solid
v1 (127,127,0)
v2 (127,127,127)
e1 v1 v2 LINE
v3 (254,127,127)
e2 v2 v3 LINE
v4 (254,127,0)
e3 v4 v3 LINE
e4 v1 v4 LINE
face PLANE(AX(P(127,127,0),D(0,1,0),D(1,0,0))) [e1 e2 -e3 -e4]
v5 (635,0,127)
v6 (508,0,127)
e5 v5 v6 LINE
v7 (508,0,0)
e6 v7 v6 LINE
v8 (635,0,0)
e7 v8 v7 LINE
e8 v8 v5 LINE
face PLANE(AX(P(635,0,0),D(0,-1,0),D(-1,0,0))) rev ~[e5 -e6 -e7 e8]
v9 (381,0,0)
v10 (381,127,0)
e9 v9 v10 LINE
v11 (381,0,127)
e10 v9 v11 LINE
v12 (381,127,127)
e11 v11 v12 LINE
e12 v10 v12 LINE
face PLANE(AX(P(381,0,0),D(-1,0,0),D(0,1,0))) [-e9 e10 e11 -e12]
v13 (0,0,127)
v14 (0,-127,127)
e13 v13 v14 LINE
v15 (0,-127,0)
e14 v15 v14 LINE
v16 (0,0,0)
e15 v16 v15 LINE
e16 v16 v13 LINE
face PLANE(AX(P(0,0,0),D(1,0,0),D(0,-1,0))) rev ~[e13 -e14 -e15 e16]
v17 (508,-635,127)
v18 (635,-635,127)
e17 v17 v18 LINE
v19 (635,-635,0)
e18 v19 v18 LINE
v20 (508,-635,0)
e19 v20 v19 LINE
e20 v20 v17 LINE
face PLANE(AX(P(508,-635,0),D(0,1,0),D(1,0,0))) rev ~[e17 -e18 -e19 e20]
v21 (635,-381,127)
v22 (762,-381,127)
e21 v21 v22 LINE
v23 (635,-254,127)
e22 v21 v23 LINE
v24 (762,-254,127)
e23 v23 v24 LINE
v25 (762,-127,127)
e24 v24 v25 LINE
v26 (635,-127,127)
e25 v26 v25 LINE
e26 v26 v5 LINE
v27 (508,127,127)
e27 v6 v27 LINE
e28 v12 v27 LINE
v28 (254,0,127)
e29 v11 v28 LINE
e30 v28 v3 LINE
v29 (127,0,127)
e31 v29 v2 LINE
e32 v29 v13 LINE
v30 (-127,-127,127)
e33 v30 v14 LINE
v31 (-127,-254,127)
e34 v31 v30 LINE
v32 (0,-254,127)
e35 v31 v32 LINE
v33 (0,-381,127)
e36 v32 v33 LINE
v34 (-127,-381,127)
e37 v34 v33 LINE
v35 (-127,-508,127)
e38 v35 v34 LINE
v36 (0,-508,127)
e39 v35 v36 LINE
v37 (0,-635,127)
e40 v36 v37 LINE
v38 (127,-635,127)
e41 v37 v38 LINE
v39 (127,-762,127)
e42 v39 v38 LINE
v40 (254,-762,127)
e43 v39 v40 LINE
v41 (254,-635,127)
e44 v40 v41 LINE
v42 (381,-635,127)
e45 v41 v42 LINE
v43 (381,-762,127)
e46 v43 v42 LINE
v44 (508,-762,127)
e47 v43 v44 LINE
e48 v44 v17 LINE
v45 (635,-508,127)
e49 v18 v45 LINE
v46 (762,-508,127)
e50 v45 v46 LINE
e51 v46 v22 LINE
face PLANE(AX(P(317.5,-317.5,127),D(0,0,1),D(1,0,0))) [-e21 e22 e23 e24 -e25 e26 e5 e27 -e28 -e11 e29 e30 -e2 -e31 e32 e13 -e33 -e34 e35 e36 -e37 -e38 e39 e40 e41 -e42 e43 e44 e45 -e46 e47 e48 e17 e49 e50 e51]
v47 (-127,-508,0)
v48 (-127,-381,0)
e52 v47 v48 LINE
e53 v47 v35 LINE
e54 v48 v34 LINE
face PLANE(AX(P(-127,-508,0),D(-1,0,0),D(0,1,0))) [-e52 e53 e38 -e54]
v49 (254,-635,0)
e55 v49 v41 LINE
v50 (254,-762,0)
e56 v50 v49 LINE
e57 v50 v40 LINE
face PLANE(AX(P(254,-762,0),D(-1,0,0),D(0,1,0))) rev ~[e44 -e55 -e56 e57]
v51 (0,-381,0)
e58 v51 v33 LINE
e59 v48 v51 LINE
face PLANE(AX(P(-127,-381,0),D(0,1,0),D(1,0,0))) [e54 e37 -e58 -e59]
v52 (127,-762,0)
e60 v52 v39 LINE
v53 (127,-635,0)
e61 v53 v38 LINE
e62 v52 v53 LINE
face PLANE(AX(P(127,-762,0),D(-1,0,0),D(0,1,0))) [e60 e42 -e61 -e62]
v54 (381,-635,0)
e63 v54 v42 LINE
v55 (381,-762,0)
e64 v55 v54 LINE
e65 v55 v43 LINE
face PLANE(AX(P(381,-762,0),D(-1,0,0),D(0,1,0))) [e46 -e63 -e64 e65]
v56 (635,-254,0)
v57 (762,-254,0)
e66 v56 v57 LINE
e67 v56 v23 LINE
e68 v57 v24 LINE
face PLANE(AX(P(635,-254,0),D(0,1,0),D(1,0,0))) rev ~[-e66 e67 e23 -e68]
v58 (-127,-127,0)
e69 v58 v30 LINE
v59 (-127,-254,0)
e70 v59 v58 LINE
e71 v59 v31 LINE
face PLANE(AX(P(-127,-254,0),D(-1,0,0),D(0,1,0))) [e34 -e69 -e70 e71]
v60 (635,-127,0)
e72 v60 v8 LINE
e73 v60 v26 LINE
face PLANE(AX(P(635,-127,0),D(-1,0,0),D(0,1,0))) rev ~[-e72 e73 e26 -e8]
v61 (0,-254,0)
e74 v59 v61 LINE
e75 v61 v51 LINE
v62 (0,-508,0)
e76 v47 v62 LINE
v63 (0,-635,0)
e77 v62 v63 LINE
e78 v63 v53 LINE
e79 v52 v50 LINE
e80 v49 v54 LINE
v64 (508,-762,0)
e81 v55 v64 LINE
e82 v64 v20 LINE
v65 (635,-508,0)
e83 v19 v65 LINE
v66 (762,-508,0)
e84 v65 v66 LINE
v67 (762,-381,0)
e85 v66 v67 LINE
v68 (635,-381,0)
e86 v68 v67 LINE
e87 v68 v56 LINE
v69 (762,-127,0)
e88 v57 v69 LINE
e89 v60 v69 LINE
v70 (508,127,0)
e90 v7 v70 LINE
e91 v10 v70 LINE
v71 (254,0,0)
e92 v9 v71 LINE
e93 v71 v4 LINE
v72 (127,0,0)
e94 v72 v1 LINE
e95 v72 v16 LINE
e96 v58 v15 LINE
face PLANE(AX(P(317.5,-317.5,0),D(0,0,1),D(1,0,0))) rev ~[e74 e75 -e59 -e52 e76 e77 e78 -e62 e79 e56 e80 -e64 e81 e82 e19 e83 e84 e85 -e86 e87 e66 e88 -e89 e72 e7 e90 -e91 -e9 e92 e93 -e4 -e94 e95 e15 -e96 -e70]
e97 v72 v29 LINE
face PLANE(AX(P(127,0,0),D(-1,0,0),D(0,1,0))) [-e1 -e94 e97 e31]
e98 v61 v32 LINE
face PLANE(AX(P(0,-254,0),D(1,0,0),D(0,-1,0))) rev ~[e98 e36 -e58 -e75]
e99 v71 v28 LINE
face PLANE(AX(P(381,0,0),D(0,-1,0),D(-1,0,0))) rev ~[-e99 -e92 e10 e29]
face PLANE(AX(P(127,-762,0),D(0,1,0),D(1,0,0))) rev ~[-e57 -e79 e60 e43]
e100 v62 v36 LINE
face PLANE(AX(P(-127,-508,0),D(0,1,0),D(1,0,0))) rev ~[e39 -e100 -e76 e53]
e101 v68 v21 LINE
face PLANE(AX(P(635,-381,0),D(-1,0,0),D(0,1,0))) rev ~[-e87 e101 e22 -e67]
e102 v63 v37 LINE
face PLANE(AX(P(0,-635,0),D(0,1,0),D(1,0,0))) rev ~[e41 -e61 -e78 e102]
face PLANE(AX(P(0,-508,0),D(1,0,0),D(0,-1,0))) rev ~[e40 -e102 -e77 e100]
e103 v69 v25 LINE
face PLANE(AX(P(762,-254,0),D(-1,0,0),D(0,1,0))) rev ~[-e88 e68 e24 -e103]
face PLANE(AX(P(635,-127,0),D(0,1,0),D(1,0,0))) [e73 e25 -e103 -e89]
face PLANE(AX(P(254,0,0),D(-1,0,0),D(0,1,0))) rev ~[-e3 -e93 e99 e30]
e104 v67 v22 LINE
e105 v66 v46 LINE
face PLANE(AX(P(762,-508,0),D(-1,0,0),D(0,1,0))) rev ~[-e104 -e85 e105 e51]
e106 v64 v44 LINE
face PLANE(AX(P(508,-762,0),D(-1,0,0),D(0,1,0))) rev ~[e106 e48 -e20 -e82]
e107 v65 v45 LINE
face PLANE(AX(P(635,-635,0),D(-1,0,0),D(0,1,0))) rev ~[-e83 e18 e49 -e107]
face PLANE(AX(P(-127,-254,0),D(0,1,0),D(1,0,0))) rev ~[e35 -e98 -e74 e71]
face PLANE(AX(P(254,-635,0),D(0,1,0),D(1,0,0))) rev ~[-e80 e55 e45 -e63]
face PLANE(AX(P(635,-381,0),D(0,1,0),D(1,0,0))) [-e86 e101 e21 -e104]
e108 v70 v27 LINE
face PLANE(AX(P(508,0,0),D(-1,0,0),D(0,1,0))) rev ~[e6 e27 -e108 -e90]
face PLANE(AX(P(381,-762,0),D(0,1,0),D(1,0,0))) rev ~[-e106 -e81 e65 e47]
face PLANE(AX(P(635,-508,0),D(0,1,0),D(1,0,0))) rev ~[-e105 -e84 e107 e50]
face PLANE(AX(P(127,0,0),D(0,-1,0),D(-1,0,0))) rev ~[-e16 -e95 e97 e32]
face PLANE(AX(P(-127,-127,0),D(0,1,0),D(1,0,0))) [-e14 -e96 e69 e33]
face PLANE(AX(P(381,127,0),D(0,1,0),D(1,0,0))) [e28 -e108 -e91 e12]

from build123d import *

# Parameters (mm, degrees)
F0_W     = 127
F0_H     = 127
F1_DEPTH = 127


with BuildPart() as f1:
    # F0 (on Top) → F1 (new body)
    with BuildSketch(Plane.XY):
        Polygon((127, 0), (0, 0), (0, -127), (0, -254), (0, -381), (0, -508), (0, -635), (127, -635), (254, -635), (381, -635), (508, -635), (635, -635), (635, -508), (635, -381), (635, -254), (635, -127), (635, 0), (508, 0), (381, 0), (254, 0), align=None)
        with Locations((190.5, 63.5)):
            Rectangle(F0_W, F0_H)
        with Locations((-63.5, -190.5)):
            Rectangle(F0_W, F0_H)
        with Locations((444.5, 63.5)):
            Rectangle(F0_W, F0_H)
        with Locations((-63.5, -444.5)):
            Rectangle(F0_W, F0_H)
        with Locations((698.5, -190.5)):
            Rectangle(F0_W, F0_H)
        with Locations((190.5, -698.5)):
            Rectangle(F0_W, F0_H)
        with Locations((698.5, -444.5)):
            Rectangle(F0_W, F0_H)
        with Locations((444.5, -698.5)):
            Rectangle(F0_W, F0_H)
    extrude(amount=F1_DEPTH)


solid = f1.part
